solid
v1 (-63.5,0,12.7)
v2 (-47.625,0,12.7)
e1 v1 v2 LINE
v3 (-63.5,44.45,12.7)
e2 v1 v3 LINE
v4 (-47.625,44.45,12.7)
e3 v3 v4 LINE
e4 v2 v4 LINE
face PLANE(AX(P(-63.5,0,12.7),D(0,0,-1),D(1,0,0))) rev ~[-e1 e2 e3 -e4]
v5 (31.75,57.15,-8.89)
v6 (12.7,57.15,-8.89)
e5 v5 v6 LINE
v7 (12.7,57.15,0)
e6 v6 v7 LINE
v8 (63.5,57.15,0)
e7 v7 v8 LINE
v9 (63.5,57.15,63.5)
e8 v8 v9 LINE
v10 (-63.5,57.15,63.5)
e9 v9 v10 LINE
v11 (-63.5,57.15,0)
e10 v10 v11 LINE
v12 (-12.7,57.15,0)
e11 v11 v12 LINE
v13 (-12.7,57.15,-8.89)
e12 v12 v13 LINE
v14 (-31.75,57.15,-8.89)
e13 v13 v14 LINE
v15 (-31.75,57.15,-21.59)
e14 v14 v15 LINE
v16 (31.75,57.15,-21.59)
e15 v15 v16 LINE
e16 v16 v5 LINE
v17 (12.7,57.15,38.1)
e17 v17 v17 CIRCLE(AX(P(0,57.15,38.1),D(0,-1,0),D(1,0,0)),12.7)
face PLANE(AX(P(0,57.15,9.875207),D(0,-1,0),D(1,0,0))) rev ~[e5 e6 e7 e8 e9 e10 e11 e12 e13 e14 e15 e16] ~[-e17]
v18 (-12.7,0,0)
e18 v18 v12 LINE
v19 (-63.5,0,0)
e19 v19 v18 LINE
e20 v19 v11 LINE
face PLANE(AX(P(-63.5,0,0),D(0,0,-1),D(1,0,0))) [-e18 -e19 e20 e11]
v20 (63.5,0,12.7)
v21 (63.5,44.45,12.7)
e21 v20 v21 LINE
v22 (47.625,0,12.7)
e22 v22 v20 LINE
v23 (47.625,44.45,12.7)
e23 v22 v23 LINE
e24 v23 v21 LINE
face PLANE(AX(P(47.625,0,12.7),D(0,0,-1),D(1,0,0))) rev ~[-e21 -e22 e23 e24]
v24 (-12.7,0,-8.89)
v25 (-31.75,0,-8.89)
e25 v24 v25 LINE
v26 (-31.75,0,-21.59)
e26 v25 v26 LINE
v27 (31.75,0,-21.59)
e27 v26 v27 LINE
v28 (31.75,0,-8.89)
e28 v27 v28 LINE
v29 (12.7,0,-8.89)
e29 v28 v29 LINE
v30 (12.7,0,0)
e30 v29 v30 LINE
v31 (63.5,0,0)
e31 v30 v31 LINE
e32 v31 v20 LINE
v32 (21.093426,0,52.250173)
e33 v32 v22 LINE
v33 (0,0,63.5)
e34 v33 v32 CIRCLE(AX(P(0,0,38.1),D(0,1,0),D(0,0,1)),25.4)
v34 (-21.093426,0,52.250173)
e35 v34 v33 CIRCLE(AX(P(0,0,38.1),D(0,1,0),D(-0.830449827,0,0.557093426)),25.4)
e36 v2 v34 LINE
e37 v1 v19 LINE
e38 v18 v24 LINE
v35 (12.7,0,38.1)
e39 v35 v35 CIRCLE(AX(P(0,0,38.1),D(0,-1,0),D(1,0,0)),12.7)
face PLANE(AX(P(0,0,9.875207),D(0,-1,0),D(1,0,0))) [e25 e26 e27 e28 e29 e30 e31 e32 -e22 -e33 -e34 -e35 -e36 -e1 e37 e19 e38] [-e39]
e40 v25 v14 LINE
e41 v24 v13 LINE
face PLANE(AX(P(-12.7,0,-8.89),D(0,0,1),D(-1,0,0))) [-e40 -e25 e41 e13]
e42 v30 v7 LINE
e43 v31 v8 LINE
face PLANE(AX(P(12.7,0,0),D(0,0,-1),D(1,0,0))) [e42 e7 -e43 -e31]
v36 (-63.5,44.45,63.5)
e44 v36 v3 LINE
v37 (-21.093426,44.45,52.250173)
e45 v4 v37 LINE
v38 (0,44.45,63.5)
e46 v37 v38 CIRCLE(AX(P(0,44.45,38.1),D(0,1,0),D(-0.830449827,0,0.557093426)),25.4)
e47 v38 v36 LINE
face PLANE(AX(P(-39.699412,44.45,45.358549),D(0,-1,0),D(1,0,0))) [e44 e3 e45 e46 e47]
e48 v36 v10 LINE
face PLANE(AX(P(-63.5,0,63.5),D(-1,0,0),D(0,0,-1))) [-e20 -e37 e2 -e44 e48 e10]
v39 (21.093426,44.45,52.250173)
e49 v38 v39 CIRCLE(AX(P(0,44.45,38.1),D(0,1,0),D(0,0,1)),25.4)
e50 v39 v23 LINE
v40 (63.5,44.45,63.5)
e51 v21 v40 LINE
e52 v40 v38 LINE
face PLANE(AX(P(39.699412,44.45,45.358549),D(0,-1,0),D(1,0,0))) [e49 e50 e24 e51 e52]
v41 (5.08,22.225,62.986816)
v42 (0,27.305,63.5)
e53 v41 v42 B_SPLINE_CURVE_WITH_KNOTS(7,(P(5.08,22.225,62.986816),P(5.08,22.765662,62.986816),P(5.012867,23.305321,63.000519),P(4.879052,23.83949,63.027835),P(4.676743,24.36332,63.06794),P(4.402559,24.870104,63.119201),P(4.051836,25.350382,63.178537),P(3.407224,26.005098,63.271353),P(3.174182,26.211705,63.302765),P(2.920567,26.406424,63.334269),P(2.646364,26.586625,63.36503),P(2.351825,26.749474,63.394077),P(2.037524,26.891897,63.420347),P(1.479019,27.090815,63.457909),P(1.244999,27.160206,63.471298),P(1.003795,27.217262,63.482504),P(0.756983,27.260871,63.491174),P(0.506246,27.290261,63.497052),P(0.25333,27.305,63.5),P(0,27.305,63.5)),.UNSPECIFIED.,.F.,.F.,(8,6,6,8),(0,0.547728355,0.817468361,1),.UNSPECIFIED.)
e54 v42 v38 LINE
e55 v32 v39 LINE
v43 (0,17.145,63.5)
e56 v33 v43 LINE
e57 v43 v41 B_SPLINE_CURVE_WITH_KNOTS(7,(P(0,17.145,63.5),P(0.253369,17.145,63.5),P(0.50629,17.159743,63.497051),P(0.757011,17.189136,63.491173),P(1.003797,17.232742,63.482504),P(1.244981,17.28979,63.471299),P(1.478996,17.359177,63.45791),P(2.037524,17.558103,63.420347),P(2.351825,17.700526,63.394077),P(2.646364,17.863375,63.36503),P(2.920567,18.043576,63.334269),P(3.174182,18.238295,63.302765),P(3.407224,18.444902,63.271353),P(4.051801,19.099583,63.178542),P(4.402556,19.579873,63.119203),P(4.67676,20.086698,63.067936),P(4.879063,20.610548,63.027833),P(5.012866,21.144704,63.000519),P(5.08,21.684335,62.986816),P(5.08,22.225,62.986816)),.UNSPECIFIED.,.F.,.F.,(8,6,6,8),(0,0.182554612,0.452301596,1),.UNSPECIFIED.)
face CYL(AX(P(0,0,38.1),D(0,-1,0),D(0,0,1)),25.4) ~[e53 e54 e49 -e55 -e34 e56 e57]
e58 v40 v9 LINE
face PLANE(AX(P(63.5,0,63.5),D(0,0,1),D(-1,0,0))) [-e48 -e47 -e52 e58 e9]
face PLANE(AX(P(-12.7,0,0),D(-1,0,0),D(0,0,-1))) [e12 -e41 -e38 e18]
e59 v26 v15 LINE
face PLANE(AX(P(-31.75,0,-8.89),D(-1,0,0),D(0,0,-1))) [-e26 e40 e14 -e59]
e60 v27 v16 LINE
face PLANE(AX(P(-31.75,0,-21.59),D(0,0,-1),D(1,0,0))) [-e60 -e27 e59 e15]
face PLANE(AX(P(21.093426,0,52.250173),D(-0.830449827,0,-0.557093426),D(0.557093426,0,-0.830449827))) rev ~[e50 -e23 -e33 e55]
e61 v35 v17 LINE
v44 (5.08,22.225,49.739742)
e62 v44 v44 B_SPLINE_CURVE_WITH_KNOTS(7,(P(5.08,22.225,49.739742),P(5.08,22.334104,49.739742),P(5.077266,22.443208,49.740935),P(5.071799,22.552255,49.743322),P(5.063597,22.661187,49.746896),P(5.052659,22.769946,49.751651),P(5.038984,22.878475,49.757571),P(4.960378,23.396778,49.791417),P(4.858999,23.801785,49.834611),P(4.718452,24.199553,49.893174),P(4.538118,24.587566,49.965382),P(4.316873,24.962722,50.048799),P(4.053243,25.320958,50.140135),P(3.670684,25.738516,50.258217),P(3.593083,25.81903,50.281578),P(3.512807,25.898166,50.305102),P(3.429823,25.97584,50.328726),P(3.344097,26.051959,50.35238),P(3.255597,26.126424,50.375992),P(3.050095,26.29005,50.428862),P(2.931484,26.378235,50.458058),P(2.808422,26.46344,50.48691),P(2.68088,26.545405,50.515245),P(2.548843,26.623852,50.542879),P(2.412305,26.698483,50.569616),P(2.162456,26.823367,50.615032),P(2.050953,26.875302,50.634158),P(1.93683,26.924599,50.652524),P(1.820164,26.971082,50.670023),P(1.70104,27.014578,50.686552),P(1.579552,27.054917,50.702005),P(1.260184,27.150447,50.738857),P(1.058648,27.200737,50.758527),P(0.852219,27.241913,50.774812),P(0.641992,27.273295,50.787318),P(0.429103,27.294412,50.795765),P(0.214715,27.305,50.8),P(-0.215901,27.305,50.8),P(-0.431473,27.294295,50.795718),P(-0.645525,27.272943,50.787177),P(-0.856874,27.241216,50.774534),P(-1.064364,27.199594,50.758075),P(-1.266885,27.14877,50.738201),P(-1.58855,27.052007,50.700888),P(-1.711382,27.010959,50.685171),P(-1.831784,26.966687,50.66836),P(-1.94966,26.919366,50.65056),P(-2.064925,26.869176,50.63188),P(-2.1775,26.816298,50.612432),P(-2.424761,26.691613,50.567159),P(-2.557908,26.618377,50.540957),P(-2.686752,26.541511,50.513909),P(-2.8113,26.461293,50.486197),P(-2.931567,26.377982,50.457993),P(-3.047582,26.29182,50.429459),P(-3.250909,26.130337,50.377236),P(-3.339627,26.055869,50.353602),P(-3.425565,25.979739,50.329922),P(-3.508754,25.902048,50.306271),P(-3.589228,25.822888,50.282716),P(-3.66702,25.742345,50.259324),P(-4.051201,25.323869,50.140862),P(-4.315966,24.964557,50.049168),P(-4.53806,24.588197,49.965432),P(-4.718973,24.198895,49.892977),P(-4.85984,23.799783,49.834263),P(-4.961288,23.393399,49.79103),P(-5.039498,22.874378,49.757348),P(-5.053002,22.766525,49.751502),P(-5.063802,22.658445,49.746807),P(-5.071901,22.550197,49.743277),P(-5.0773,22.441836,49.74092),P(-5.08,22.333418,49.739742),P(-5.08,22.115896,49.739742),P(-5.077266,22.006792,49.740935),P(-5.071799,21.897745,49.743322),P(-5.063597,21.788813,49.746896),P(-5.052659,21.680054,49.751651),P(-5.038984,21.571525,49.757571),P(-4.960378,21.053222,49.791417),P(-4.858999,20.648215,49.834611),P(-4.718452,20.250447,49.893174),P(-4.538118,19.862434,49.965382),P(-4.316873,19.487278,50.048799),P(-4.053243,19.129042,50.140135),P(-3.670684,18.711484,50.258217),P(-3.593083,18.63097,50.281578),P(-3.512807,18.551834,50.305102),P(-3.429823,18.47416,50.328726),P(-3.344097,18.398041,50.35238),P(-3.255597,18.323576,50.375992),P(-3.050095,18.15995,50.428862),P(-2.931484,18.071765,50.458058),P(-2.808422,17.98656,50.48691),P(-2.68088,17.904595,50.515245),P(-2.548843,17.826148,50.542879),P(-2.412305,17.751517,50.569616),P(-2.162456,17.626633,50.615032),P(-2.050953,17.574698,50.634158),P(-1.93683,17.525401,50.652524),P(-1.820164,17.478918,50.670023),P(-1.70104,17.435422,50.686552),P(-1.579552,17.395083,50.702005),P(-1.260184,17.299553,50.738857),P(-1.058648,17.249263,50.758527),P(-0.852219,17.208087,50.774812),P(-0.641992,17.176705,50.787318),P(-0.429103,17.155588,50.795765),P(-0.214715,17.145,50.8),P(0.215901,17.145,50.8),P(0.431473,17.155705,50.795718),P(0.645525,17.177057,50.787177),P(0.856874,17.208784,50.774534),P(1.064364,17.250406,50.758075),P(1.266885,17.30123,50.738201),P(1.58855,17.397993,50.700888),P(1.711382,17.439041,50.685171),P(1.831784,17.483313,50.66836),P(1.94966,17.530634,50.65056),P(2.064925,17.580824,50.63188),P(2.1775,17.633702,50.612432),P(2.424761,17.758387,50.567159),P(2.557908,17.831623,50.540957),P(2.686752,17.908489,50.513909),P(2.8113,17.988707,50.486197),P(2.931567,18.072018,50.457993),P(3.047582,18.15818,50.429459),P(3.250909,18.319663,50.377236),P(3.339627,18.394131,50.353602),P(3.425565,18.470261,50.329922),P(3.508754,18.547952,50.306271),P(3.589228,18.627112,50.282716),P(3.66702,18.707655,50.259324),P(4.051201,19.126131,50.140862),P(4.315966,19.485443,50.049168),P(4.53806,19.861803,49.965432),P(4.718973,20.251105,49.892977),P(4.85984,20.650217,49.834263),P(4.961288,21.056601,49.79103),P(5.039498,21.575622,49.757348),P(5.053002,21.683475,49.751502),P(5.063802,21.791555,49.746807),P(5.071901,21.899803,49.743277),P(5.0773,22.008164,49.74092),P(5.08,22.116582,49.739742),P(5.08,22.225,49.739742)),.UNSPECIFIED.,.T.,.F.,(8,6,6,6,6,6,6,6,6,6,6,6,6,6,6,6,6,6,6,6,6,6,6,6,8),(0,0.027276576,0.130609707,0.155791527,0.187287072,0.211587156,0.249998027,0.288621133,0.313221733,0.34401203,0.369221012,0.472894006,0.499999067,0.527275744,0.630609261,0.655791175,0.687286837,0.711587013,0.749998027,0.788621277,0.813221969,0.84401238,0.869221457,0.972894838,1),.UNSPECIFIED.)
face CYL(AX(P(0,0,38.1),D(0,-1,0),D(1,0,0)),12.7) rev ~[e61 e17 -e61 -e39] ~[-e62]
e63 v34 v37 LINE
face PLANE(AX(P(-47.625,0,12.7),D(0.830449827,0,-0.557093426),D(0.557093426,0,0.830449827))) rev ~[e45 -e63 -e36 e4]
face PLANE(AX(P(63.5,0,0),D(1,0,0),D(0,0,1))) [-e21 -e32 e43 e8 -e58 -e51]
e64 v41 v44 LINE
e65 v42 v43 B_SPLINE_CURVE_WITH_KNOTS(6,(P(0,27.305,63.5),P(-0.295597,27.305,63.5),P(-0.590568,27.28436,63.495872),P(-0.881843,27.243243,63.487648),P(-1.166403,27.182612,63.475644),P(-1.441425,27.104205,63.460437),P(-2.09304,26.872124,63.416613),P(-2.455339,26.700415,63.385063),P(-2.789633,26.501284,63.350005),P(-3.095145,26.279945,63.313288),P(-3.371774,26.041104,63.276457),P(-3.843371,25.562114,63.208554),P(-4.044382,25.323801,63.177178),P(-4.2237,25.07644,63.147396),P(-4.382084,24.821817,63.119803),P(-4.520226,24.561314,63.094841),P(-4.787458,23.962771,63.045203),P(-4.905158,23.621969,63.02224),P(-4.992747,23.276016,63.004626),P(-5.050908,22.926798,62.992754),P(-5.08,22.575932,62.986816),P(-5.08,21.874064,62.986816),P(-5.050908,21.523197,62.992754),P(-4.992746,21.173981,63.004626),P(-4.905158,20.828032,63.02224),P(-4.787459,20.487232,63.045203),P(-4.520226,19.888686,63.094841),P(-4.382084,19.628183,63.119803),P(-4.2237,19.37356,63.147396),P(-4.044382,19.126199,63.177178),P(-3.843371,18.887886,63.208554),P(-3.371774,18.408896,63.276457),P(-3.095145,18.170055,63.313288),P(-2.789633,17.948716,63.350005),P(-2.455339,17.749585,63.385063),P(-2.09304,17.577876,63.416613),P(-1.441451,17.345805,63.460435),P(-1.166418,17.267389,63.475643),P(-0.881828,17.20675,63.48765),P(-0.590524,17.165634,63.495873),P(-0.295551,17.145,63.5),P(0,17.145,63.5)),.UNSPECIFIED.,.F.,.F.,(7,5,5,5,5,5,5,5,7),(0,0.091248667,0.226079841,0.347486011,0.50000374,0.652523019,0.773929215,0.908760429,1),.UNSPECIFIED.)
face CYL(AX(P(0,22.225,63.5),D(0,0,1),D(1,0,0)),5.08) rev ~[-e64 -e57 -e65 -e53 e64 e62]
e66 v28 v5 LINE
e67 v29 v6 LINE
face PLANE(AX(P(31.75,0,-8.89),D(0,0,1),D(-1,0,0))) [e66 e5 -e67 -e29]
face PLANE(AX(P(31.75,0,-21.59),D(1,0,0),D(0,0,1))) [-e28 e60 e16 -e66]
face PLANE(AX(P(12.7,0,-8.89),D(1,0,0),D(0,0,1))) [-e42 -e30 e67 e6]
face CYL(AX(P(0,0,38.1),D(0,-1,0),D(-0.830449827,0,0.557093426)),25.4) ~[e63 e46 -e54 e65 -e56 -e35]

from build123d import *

# Parameters (mm, degrees)
F0_R     = 12.7
F1_DEPTH = 57.15
F2_DEPTH = 44.45
F3_R     = 5.08
F4_DEPTH = 13.7612578348


with BuildPart() as f1:
    # F0 (on Front) → F1 (new body)
    with BuildSketch(Plane.XZ):
        with BuildLine():
            Line((-31.75, -8.89), (-31.75, -21.59))
            Line((-31.75, -21.59), (31.75, -21.59))
            Line((31.75, -21.59), (31.75, -8.89))
            Line((31.75, -8.89), (12.7, -8.89))
            Line((12.7, -8.89), (12.7, 0))
            Line((12.7, 0), (63.5, 0))
            Line((63.5, 0), (63.5, 12.7))
            Line((63.5, 12.7), (47.625, 12.7))
            Line((47.625, 12.7), (21.0934256055, 52.2501730104))
            ThreePointArc((21.0934256055, 52.2501730104), (11.9529411765, 60.5117647059), (0, 63.5))
            ThreePointArc((0, 63.5), (-11.9529411765, 60.5117647059), (-21.0934256055, 52.2501730104))
            Line((-21.0934256055, 52.2501730104), (-47.625, 12.7))
            Line((-47.625, 12.7), (-63.5, 12.7))
            Line((-63.5, 12.7), (-63.5, 0))
            Line((-63.5, 0), (-12.7, 0))
            Line((-12.7, 0), (-12.7, -8.89))
            Line((-12.7, -8.89), (-31.75, -8.89))
        make_face()
        with Locations((0, 38.1)):
            Circle(F0_R, mode=Mode.SUBTRACT)
        with BuildLine():
            Line((-63.5, 63.5), (-63.5, 12.7))
            Line((-63.5, 12.7), (-47.625, 12.7))
            Line((-47.625, 12.7), (-21.0934256055, 52.2501730104))
            ThreePointArc((-21.0934256055, 52.2501730104), (-11.9529411765, 60.5117647059), (0, 63.5))
            Line((0, 63.5), (-63.5, 63.5))
        make_face()
        with BuildLine():
            Line((47.625, 12.7), (63.5, 12.7))
            Line((63.5, 12.7), (63.5, 63.5))
            Line((63.5, 63.5), (0, 63.5))
            ThreePointArc((0, 63.5), (11.9529411765, 60.5117647059), (21.0934256055, 52.2501730104))
            Line((21.0934256055, 52.2501730104), (47.625, 12.7))
        make_face()
    extrude(amount=-F1_DEPTH)

    # F0 (on Front) → F2 (cut)
    with BuildSketch(Plane.XZ):
        with BuildLine():
            Line((-63.5, 63.5), (-63.5, 12.7))
            Line((-63.5, 12.7), (-47.625, 12.7))
            Line((-47.625, 12.7), (-21.0934256055, 52.2501730104))
            ThreePointArc((-21.0934256055, 52.2501730104), (-11.9529411765, 60.5117647059), (0, 63.5))
            Line((0, 63.5), (-63.5, 63.5))
        make_face()
        with BuildLine():
            Line((47.625, 12.7), (63.5, 12.7))
            Line((63.5, 12.7), (63.5, 63.5))
            Line((63.5, 63.5), (0, 63.5))
            ThreePointArc((0, 63.5), (11.9529411765, 60.5117647059), (21.0934256055, 52.2501730104))
            Line((21.0934256055, 52.2501730104), (47.625, 12.7))
        make_face()
    extrude(amount=-F2_DEPTH, mode=Mode.SUBTRACT)

    # F3 (on face) → F4 (cut, through all)
    with BuildSketch(Plane.XY.offset(63.5)):
        with Locations((0, 22.225)):
            Circle(F3_R)
    extrude(amount=-F4_DEPTH, mode=Mode.SUBTRACT)


solid = f1.part
